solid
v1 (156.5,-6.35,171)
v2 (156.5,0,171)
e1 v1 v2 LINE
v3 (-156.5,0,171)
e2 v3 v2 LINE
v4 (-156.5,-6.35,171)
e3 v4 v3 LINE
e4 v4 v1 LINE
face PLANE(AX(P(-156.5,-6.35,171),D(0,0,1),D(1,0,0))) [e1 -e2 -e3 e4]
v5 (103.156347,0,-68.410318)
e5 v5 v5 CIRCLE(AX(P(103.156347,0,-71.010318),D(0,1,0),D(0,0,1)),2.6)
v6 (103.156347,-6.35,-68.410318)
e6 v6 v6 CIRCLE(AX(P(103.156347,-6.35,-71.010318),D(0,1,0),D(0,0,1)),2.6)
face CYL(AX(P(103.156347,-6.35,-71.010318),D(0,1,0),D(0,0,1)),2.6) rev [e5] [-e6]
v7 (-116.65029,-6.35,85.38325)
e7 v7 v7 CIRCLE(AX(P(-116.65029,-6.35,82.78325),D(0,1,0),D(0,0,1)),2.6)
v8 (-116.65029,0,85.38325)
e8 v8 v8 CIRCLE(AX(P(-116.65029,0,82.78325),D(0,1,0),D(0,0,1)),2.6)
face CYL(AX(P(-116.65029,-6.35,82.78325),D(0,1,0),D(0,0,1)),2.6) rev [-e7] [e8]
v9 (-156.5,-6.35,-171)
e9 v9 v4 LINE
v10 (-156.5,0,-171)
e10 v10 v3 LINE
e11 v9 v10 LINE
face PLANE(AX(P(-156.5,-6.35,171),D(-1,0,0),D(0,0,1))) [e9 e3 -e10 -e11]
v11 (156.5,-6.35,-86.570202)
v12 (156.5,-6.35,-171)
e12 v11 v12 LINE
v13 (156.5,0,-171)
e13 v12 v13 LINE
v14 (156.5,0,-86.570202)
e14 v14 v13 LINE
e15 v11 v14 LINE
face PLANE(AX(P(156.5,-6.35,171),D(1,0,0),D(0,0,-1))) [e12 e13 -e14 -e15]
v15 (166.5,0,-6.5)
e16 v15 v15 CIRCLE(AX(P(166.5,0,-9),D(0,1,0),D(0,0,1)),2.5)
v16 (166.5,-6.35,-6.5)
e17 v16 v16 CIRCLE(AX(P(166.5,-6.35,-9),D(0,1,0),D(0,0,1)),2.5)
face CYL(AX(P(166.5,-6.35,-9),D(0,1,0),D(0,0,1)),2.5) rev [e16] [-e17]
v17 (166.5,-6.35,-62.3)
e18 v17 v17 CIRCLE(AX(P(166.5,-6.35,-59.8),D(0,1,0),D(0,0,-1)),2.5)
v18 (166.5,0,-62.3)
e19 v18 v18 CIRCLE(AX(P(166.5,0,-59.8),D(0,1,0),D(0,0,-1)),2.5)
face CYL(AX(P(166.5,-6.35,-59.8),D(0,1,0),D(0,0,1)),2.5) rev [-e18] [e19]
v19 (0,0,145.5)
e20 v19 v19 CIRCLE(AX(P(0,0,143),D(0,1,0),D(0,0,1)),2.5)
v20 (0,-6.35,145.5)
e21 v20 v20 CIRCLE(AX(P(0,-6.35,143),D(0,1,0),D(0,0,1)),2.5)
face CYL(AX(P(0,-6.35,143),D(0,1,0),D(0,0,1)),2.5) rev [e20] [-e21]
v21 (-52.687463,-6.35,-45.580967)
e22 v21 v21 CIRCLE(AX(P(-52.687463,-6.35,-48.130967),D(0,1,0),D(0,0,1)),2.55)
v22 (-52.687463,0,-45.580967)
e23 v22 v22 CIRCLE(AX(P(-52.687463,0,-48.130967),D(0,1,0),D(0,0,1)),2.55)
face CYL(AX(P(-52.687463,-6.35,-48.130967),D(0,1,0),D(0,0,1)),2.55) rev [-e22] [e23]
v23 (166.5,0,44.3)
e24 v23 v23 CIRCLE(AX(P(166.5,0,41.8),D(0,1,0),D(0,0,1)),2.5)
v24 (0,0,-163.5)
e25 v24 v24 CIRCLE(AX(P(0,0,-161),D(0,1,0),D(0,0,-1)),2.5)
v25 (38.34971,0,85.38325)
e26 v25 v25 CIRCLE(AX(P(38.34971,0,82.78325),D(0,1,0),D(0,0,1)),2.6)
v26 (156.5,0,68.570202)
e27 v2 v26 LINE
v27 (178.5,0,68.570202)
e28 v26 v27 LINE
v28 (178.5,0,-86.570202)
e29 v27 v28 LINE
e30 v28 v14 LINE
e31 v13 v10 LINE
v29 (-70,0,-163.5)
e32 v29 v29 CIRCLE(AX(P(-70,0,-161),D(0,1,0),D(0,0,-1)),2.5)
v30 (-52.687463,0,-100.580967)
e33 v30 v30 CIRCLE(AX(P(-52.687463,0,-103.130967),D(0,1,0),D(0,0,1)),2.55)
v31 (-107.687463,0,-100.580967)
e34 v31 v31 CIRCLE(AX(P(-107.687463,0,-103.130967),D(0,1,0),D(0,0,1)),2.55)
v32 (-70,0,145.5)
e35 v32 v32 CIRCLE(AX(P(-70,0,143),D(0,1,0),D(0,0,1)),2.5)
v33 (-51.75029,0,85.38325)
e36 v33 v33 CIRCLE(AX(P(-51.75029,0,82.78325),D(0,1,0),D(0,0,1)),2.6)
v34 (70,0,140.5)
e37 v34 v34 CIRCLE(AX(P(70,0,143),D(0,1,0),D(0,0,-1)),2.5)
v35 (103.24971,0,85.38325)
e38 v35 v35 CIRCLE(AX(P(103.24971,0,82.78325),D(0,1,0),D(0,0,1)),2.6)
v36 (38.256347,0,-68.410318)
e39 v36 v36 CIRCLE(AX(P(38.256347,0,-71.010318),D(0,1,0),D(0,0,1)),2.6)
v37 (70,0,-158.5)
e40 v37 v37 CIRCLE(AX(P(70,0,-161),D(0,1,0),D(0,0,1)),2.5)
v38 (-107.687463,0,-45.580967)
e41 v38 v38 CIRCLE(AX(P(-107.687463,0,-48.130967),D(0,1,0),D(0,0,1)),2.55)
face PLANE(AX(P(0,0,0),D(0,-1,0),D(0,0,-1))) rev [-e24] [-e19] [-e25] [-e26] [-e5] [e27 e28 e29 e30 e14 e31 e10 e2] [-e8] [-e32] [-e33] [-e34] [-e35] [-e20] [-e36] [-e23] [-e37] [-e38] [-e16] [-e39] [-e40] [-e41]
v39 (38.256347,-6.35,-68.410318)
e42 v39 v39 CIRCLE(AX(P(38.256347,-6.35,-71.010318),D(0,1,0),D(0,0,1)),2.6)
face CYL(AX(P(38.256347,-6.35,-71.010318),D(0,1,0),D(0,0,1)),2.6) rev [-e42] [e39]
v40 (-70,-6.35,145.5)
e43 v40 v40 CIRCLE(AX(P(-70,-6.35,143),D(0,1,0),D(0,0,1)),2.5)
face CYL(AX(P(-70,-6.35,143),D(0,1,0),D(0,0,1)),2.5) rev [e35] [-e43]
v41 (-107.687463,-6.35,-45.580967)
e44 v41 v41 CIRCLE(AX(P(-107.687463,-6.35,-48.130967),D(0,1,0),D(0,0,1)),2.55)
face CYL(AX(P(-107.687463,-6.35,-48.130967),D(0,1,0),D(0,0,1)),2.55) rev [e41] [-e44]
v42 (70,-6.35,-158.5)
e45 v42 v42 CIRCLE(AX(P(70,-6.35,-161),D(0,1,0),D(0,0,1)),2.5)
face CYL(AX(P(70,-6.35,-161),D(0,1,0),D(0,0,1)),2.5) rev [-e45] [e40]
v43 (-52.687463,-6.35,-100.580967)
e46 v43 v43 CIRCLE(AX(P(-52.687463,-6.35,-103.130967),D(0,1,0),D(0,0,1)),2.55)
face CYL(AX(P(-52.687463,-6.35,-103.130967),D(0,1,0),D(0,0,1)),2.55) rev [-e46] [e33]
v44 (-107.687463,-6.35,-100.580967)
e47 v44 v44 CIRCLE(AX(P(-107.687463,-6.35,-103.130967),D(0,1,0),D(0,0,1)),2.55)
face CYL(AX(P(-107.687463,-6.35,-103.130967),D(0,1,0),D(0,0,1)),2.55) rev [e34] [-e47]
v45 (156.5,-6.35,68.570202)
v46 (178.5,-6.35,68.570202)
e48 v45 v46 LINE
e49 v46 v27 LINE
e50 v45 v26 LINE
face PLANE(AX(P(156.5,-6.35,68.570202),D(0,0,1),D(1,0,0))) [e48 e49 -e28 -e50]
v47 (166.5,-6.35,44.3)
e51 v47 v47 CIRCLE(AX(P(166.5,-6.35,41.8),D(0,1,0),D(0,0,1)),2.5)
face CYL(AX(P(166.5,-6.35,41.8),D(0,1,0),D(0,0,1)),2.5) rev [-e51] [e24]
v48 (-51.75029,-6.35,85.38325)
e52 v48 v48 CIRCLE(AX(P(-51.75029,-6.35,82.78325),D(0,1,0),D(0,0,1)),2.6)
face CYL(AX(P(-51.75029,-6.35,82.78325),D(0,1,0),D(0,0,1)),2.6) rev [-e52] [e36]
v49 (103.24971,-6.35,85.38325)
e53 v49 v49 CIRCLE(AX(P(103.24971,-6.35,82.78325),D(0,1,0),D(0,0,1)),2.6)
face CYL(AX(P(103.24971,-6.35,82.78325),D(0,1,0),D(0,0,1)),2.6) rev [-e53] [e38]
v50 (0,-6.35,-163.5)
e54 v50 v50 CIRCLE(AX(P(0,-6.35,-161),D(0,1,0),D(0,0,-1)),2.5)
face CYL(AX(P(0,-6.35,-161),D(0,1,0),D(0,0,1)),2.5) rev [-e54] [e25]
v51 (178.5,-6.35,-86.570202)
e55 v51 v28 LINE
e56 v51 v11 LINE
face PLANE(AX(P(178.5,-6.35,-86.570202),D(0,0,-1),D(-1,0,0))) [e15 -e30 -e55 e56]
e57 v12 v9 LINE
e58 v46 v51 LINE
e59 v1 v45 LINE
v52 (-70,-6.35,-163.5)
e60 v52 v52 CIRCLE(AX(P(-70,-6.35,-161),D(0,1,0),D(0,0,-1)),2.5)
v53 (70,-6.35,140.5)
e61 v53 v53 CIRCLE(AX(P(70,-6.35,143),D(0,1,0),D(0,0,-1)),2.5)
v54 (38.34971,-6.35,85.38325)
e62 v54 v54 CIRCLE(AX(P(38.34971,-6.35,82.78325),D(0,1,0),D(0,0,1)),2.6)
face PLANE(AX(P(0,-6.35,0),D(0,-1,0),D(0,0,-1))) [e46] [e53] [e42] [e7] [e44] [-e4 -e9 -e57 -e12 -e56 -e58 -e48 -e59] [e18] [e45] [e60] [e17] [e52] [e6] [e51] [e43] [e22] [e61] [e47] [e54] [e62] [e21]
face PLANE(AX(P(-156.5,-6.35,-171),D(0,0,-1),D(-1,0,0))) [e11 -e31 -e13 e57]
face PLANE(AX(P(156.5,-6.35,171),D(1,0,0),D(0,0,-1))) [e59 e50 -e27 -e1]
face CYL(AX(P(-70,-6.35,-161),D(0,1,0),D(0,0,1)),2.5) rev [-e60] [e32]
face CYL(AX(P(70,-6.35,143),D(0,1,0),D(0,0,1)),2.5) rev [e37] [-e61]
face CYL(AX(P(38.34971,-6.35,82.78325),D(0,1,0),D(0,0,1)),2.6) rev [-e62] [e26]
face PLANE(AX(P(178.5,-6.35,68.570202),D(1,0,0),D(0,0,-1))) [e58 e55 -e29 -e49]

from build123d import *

# Parameters (mm, degrees)
SKETCH1_W           = 313
SKETCH1_H           = 342
BOSS_EXTRUDE1_DEPTH = 6.35
SKETCH3_W           = 22
SKETCH3_H           = 155.14040353
SKETCH3_R           = 2.5
BOSS_EXTRUDE2_DEPTH = 6.35
SKETCH2_R           = 2.5
CUT_EXTRUDE1_DEPTH  = 7.35
SKETCH4_R           = 2.6
SKETCH4_R_2         = 2.55
CUT_EXTRUDE2_DEPTH  = 7.35


with BuildPart() as part:
    # Sketch1 → Boss-Extrude1 (new body)
    with BuildSketch(Plane(origin=(0, 0, 0), x_dir=(1, 0, 0), z_dir=(0, 1, 0))):
        Rectangle(SKETCH1_W, SKETCH1_H)
    extrude(amount=-BOSS_EXTRUDE1_DEPTH)

    # Sketch3 → Boss-Extrude2 (add)
    with BuildSketch(Plane(origin=(0, 0, 0), x_dir=(1, 0, 0), z_dir=(0, 1, 0))):
        with Locations((167.5, 9)):
            Rectangle(SKETCH3_W, SKETCH3_H)
        with Locations((166.5, 9)):
            Circle(SKETCH3_R, mode=Mode.SUBTRACT)
        with Locations((166.5, -41.8)):
            Circle(SKETCH3_R, mode=Mode.SUBTRACT)
        with Locations((166.5, 59.8)):
            Circle(SKETCH3_R, mode=Mode.SUBTRACT)
    extrude(amount=-BOSS_EXTRUDE2_DEPTH)

    # Sketch2 → Cut-Extrude1 (cut, through all)
    with BuildSketch(Plane(origin=(0, 0, 0), x_dir=(1, 0, 0), z_dir=(0, 1, 0))):
        with Locations((0, -143)):
            Circle(SKETCH2_R)
        with Locations((-70, -143)):
            Circle(SKETCH2_R)
        with Locations((70, -143)):
            Circle(SKETCH2_R)
        with Locations((-70, 161)):
            Circle(SKETCH2_R)
        with Locations((0, 161)):
            Circle(SKETCH2_R)
        with Locations((70, 161)):
            Circle(SKETCH2_R)
    extrude(amount=-CUT_EXTRUDE1_DEPTH, mode=Mode.SUBTRACT)

    # Sketch4 → Cut-Extrude2 (cut, through all)
    with BuildSketch(Plane(origin=(0, 0, 0), x_dir=(1, 0, 0), z_dir=(0, 1, 0))):
        with Locations((103.249710043, -82.783250091)):
            Circle(SKETCH4_R)
        with Locations((38.349710043, -82.783250091)):
            Circle(SKETCH4_R)
        with Locations((-51.750289957, -82.783250091)):
            Circle(SKETCH4_R)
        with Locations((-116.650289957, -82.783250091)):
            Circle(SKETCH4_R)
        with Locations((103.156346537, 71.010318364)):
            Circle(SKETCH4_R)
        with Locations((38.256346537, 71.010318364)):
            Circle(SKETCH4_R)
        with Locations((-52.687463488, 48.130966948)):
            Circle(SKETCH4_R_2)
        with Locations((-107.687463488, 48.130966948)):
            Circle(SKETCH4_R_2)
        with Locations((-52.687463488, 103.130966948)):
            Circle(SKETCH4_R_2)
        with Locations((-107.687463488, 103.130966948)):
            Circle(SKETCH4_R_2)
    extrude(amount=-CUT_EXTRUDE2_DEPTH, mode=Mode.SUBTRACT)


solid = part.part
